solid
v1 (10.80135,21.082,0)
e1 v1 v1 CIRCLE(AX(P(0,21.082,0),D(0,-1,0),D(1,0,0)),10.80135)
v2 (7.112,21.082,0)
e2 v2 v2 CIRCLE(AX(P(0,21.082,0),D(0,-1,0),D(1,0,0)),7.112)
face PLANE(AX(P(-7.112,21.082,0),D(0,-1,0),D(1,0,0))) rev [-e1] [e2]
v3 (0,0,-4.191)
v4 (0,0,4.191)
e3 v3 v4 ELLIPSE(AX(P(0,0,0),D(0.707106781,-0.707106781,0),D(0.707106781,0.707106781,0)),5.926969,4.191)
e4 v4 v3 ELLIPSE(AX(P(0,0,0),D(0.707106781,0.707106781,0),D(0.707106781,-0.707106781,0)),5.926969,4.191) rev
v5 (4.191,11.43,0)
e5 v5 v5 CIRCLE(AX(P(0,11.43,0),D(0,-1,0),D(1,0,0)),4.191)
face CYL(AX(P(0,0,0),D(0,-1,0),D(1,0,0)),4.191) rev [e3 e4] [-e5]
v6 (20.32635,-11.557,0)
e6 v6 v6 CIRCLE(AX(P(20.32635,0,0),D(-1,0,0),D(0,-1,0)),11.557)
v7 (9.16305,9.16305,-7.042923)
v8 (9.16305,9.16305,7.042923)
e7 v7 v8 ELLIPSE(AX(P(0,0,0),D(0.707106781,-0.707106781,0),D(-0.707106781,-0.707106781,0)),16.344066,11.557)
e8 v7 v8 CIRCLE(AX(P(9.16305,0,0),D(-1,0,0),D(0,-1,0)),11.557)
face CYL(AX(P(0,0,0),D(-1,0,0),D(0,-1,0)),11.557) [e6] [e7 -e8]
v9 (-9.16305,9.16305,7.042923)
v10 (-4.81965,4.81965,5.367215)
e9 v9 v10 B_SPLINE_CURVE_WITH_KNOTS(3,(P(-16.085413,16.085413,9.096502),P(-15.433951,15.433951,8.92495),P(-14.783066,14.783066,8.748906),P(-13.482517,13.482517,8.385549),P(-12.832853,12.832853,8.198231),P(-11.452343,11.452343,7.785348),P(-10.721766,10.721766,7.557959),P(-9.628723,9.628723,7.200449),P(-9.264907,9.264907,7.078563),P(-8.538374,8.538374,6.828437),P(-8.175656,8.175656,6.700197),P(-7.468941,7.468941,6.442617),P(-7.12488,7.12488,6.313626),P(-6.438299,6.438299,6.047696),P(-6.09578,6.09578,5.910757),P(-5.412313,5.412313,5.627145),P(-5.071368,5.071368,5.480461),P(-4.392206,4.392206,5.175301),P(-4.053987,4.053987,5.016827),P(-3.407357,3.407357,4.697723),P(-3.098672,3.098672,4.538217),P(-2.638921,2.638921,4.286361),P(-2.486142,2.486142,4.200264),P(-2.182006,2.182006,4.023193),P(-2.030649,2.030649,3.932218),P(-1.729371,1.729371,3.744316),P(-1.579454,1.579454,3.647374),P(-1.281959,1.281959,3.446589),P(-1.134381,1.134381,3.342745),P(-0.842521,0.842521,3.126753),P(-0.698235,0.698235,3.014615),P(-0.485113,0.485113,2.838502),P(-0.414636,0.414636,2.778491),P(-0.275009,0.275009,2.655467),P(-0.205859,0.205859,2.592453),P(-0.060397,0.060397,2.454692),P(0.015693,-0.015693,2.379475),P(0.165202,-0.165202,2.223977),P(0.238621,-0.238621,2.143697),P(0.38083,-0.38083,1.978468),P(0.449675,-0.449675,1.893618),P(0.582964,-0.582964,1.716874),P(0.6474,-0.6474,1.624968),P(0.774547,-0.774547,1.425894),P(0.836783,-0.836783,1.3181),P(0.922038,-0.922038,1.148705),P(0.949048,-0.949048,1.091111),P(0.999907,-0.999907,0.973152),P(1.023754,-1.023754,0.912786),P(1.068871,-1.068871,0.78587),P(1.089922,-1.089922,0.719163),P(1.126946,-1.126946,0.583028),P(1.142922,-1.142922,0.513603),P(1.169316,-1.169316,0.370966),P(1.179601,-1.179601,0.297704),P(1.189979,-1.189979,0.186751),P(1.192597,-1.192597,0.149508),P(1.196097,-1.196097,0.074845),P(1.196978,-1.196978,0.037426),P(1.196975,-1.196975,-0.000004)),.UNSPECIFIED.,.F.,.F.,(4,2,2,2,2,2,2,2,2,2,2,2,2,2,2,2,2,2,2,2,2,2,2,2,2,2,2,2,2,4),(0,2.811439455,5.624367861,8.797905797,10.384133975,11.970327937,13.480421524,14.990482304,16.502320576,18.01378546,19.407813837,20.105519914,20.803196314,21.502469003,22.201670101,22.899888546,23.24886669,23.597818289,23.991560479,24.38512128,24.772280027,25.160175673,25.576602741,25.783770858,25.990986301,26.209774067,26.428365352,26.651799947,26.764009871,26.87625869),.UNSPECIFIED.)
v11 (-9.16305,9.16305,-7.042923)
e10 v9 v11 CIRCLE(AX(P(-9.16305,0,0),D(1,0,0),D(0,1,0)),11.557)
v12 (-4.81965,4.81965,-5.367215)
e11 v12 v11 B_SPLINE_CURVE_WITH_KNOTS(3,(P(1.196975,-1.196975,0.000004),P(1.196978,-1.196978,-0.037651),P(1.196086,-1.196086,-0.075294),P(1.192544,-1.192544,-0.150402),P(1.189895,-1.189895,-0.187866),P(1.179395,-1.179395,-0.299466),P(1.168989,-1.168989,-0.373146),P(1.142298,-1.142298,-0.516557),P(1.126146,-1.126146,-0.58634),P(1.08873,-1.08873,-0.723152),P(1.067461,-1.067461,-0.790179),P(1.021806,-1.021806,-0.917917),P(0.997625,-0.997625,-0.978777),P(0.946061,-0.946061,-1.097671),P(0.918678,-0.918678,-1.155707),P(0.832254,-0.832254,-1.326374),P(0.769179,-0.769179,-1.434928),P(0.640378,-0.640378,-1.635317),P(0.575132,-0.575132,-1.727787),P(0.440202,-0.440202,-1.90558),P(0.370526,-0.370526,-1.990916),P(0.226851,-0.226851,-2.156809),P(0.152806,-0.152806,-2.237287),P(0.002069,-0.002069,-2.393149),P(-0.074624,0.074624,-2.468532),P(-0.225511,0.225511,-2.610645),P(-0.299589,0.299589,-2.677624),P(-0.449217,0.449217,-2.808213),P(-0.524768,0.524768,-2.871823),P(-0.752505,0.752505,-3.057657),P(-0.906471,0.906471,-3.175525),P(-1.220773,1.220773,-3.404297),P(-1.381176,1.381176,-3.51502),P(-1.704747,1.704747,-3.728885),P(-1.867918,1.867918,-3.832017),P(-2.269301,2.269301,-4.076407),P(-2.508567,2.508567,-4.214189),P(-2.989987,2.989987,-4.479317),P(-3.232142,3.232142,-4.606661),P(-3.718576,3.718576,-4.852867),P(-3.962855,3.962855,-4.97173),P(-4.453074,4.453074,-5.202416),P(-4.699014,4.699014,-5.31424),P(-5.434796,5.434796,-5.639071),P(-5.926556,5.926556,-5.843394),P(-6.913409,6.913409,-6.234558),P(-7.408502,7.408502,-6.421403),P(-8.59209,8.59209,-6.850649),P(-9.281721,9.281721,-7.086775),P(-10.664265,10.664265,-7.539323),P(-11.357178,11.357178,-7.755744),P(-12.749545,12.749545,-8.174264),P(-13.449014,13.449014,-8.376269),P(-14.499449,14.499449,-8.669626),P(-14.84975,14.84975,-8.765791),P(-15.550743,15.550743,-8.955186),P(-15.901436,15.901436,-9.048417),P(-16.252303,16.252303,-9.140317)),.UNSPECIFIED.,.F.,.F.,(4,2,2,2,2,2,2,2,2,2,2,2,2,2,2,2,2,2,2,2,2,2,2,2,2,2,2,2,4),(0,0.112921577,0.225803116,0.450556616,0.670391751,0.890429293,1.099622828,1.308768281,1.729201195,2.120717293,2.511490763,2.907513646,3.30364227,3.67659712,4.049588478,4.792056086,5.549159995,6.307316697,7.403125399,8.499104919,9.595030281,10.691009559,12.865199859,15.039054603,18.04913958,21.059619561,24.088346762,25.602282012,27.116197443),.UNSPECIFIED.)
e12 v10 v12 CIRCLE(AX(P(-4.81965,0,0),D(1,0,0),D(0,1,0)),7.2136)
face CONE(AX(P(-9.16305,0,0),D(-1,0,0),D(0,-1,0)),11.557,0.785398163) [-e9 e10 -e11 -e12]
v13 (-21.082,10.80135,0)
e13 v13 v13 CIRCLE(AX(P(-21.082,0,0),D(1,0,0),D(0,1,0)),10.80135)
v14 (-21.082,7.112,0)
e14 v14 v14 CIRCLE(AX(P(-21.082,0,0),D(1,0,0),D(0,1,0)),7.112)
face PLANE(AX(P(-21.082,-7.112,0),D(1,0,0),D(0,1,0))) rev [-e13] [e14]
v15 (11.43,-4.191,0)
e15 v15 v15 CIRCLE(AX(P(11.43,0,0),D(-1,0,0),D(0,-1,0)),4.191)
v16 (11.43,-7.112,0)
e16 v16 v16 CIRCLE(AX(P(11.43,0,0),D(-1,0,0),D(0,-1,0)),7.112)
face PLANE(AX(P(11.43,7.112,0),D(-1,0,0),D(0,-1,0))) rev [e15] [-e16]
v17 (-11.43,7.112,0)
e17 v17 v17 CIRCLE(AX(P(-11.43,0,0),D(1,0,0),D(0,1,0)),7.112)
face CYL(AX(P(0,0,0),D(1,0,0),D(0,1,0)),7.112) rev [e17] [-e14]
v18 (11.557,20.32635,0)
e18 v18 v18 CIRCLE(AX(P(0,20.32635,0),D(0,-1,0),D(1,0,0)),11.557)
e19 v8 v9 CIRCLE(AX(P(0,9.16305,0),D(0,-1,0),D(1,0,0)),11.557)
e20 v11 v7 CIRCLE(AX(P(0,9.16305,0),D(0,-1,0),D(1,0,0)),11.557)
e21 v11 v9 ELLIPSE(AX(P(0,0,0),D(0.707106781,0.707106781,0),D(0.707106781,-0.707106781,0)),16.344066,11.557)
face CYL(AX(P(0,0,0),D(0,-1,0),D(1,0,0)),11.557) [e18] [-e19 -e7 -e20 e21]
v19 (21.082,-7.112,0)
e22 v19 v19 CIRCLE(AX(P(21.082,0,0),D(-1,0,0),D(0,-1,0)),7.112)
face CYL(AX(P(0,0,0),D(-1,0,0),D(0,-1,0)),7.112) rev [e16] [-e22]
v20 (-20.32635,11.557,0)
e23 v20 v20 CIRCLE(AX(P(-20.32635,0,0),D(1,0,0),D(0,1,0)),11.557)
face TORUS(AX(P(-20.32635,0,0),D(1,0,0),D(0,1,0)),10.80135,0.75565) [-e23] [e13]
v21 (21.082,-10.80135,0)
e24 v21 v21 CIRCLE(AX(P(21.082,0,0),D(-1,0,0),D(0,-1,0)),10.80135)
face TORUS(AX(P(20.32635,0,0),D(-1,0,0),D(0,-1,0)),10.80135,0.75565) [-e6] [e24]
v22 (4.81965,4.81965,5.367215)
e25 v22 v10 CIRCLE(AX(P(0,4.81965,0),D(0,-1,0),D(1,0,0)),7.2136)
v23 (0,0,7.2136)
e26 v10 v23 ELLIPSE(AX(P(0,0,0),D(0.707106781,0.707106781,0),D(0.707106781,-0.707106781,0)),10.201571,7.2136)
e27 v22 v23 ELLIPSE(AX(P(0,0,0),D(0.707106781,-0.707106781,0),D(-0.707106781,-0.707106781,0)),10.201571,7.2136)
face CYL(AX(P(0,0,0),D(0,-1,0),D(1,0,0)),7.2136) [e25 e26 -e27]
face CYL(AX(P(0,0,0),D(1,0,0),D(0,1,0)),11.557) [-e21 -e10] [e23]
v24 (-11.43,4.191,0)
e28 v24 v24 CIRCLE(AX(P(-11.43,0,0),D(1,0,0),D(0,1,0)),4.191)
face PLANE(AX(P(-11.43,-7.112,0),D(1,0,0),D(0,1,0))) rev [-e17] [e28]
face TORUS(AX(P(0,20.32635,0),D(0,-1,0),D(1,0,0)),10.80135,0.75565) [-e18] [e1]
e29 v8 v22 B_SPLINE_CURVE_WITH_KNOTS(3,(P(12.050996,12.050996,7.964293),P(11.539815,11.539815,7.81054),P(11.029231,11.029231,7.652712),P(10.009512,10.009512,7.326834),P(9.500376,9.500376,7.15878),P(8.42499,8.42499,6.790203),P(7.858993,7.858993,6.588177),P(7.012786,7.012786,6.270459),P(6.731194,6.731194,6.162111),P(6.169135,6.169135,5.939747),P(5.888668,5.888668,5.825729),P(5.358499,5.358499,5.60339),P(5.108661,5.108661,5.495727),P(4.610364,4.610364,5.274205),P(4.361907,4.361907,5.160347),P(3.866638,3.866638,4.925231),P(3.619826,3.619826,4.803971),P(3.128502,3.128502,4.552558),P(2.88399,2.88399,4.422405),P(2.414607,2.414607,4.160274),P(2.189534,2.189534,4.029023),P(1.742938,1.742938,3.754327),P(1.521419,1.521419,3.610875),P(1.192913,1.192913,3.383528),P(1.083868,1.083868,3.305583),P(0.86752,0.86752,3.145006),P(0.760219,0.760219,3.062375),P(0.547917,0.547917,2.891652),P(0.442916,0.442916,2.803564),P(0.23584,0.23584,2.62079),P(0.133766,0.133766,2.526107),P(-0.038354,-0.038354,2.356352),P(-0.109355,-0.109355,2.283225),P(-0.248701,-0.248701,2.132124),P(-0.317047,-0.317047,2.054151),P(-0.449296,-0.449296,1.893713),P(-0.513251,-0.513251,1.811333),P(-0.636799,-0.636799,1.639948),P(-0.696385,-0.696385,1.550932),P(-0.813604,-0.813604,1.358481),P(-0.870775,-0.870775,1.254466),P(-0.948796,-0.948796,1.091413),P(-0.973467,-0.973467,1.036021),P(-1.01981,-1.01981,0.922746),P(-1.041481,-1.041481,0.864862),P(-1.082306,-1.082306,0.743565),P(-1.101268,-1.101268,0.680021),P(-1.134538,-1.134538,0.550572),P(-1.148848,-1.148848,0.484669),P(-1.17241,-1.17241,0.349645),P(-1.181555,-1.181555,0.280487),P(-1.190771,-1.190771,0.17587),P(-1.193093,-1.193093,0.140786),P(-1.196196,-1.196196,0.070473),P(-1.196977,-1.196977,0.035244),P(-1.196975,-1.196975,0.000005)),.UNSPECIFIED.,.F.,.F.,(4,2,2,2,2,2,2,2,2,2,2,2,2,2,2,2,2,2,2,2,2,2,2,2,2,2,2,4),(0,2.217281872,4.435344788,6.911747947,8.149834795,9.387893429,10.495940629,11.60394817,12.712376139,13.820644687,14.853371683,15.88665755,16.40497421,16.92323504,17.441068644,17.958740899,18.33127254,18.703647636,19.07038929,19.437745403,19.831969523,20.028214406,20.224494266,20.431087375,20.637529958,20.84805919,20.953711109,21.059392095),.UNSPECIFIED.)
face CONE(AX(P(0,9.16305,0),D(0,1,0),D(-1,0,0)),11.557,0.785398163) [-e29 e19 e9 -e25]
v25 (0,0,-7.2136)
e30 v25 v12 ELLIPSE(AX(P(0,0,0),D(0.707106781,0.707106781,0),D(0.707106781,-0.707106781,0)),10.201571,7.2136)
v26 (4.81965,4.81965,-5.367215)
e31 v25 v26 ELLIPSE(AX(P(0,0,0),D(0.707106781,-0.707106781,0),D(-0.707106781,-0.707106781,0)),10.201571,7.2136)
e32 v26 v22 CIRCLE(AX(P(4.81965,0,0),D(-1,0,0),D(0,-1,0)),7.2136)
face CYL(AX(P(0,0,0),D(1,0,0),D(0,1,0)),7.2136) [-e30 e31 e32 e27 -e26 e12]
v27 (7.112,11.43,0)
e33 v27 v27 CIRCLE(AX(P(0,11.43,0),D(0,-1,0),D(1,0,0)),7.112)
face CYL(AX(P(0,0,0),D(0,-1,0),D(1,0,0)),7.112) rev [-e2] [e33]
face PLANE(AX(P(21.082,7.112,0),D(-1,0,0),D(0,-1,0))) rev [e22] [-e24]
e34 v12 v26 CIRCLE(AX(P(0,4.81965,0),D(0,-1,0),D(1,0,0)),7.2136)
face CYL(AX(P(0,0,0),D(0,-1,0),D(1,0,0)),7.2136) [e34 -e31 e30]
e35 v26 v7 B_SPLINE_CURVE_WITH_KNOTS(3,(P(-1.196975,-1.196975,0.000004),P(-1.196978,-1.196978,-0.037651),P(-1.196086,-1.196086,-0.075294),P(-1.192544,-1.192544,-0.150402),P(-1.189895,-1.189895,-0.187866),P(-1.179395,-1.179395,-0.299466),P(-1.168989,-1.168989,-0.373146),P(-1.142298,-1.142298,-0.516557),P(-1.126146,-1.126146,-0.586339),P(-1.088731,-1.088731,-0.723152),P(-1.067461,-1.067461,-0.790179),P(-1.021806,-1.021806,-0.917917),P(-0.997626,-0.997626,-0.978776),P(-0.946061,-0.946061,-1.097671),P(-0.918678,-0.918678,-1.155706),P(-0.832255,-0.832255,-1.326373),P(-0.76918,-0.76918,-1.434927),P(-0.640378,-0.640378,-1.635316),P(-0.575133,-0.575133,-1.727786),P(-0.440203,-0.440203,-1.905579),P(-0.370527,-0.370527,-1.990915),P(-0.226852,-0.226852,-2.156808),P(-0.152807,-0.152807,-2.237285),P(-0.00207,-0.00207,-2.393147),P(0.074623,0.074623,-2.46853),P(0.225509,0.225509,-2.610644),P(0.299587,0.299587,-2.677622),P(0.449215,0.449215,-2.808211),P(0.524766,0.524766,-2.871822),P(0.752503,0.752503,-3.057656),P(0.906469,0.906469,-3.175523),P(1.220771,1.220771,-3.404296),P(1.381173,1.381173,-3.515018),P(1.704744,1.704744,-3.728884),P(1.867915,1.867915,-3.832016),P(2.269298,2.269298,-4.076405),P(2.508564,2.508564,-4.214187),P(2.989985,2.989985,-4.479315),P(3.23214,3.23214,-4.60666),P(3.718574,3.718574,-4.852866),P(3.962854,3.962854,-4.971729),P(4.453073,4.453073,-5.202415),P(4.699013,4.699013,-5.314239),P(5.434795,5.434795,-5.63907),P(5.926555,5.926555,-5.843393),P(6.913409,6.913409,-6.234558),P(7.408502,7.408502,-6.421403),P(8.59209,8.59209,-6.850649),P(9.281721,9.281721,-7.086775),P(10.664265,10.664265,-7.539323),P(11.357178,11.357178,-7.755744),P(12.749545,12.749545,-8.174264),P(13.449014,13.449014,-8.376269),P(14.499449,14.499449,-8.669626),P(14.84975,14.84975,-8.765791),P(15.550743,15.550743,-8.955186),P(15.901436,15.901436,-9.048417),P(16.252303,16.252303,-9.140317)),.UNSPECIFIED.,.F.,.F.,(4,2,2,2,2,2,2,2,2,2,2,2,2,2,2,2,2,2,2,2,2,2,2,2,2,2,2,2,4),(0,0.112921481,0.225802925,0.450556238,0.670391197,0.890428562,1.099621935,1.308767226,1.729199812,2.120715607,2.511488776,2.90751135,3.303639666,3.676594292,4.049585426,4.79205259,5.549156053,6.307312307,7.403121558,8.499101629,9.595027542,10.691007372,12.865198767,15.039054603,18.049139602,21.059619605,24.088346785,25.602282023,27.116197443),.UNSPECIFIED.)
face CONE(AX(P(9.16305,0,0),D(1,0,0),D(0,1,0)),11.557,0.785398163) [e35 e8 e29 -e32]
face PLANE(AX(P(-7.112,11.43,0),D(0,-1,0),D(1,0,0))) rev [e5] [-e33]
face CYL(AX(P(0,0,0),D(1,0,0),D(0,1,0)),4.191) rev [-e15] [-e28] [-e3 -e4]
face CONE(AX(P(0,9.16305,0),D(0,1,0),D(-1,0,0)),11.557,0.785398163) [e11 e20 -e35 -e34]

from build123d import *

# Parameters (mm, degrees)
CIRPATTERN2_COUNT       = 3
CIRPATTERN2_ANGLE       = 180
SKETCH4_R               = 4.191
CUT_EXTRUDE1_DEPTH      = 32.976017529
CUT_EXTRUDE1_DEPTH_BACK = 32.976017529
SKETCH5_R               = 4.191
CUT_EXTRUDE2_DEPTH      = 32.976017529


with BuildPart() as part:
    # Sketch2 → Revolve1 (revolve)
    with BuildSketch(Plane.XY, mode=Mode.PRIVATE) as revolve1_sk:
        with BuildLine():
            Line((-21.082, -7.112), (-11.43, -7.112))
            Line((-11.43, -7.112), (-11.43, -4.191))
            Line((-11.43, -4.191), (0, -4.191))
            Line((0, -4.191), (0, -7.2136))
            Line((0, -7.2136), (-4.81965, -7.2136))
            Line((-4.81965, -7.2136), (-9.16305, -11.557))
            Line((-9.16305, -11.557), (-20.32635, -11.557))
            ThreePointArc((-20.32635, -11.557), (-20.860675239, -11.335675239), (-21.082, -10.80135))
            Line((-21.082, -10.80135), (-21.082, -7.112))
        make_face()
    revolve(revolve1_sk.sketch.rotate(Axis((0, 0, 0), (-1, 0, 0)), 180), axis=Axis((0, 0, 0), (-1, 0, 0)))


with BuildPart() as cirpattern2_1:
    # CirPattern2: pattern copy
    add(part.part.rotate(Axis((0, 0, 0), (0, 0, -1)), 1 * CIRPATTERN2_ANGLE / (CIRPATTERN2_COUNT - 1)))

    # Sketch4 → Cut-Extrude1 (cut, two sides)
    with BuildSketch(Plane(origin=(0, 0, 0), x_dir=(0, 0, -1), z_dir=(1, 0, 0))) as cut_extrude1_sk:
        with Locations(Location((0, 0, 0), (0, 0, 270))):
            Circle(SKETCH4_R)
    extrude(amount=CUT_EXTRUDE1_DEPTH, mode=Mode.SUBTRACT)
    extrude(cut_extrude1_sk.sketch, amount=-CUT_EXTRUDE1_DEPTH_BACK, mode=Mode.SUBTRACT)


with BuildPart() as cirpattern2_2:
    # CirPattern2: pattern copy
    add(part.part.rotate(Axis((0, 0, 0), (0, 0, -1)), 2 * CIRPATTERN2_ANGLE / (CIRPATTERN2_COUNT - 1)))


with BuildPart() as part_1:
    add(part.part)

    # Combine1: union CirPattern2_1, CirPattern2_2
    add(cirpattern2_1.part)
    add(cirpattern2_2.part)

    # Sketch5 → Cut-Extrude2 (cut, through all)
    with BuildSketch(Plane(origin=(0, 0, 0), x_dir=(1, 0, 0), z_dir=(0, 1, 0))):
        Circle(SKETCH5_R)
    extrude(amount=CUT_EXTRUDE2_DEPTH, mode=Mode.SUBTRACT)


solid = part_1.part
